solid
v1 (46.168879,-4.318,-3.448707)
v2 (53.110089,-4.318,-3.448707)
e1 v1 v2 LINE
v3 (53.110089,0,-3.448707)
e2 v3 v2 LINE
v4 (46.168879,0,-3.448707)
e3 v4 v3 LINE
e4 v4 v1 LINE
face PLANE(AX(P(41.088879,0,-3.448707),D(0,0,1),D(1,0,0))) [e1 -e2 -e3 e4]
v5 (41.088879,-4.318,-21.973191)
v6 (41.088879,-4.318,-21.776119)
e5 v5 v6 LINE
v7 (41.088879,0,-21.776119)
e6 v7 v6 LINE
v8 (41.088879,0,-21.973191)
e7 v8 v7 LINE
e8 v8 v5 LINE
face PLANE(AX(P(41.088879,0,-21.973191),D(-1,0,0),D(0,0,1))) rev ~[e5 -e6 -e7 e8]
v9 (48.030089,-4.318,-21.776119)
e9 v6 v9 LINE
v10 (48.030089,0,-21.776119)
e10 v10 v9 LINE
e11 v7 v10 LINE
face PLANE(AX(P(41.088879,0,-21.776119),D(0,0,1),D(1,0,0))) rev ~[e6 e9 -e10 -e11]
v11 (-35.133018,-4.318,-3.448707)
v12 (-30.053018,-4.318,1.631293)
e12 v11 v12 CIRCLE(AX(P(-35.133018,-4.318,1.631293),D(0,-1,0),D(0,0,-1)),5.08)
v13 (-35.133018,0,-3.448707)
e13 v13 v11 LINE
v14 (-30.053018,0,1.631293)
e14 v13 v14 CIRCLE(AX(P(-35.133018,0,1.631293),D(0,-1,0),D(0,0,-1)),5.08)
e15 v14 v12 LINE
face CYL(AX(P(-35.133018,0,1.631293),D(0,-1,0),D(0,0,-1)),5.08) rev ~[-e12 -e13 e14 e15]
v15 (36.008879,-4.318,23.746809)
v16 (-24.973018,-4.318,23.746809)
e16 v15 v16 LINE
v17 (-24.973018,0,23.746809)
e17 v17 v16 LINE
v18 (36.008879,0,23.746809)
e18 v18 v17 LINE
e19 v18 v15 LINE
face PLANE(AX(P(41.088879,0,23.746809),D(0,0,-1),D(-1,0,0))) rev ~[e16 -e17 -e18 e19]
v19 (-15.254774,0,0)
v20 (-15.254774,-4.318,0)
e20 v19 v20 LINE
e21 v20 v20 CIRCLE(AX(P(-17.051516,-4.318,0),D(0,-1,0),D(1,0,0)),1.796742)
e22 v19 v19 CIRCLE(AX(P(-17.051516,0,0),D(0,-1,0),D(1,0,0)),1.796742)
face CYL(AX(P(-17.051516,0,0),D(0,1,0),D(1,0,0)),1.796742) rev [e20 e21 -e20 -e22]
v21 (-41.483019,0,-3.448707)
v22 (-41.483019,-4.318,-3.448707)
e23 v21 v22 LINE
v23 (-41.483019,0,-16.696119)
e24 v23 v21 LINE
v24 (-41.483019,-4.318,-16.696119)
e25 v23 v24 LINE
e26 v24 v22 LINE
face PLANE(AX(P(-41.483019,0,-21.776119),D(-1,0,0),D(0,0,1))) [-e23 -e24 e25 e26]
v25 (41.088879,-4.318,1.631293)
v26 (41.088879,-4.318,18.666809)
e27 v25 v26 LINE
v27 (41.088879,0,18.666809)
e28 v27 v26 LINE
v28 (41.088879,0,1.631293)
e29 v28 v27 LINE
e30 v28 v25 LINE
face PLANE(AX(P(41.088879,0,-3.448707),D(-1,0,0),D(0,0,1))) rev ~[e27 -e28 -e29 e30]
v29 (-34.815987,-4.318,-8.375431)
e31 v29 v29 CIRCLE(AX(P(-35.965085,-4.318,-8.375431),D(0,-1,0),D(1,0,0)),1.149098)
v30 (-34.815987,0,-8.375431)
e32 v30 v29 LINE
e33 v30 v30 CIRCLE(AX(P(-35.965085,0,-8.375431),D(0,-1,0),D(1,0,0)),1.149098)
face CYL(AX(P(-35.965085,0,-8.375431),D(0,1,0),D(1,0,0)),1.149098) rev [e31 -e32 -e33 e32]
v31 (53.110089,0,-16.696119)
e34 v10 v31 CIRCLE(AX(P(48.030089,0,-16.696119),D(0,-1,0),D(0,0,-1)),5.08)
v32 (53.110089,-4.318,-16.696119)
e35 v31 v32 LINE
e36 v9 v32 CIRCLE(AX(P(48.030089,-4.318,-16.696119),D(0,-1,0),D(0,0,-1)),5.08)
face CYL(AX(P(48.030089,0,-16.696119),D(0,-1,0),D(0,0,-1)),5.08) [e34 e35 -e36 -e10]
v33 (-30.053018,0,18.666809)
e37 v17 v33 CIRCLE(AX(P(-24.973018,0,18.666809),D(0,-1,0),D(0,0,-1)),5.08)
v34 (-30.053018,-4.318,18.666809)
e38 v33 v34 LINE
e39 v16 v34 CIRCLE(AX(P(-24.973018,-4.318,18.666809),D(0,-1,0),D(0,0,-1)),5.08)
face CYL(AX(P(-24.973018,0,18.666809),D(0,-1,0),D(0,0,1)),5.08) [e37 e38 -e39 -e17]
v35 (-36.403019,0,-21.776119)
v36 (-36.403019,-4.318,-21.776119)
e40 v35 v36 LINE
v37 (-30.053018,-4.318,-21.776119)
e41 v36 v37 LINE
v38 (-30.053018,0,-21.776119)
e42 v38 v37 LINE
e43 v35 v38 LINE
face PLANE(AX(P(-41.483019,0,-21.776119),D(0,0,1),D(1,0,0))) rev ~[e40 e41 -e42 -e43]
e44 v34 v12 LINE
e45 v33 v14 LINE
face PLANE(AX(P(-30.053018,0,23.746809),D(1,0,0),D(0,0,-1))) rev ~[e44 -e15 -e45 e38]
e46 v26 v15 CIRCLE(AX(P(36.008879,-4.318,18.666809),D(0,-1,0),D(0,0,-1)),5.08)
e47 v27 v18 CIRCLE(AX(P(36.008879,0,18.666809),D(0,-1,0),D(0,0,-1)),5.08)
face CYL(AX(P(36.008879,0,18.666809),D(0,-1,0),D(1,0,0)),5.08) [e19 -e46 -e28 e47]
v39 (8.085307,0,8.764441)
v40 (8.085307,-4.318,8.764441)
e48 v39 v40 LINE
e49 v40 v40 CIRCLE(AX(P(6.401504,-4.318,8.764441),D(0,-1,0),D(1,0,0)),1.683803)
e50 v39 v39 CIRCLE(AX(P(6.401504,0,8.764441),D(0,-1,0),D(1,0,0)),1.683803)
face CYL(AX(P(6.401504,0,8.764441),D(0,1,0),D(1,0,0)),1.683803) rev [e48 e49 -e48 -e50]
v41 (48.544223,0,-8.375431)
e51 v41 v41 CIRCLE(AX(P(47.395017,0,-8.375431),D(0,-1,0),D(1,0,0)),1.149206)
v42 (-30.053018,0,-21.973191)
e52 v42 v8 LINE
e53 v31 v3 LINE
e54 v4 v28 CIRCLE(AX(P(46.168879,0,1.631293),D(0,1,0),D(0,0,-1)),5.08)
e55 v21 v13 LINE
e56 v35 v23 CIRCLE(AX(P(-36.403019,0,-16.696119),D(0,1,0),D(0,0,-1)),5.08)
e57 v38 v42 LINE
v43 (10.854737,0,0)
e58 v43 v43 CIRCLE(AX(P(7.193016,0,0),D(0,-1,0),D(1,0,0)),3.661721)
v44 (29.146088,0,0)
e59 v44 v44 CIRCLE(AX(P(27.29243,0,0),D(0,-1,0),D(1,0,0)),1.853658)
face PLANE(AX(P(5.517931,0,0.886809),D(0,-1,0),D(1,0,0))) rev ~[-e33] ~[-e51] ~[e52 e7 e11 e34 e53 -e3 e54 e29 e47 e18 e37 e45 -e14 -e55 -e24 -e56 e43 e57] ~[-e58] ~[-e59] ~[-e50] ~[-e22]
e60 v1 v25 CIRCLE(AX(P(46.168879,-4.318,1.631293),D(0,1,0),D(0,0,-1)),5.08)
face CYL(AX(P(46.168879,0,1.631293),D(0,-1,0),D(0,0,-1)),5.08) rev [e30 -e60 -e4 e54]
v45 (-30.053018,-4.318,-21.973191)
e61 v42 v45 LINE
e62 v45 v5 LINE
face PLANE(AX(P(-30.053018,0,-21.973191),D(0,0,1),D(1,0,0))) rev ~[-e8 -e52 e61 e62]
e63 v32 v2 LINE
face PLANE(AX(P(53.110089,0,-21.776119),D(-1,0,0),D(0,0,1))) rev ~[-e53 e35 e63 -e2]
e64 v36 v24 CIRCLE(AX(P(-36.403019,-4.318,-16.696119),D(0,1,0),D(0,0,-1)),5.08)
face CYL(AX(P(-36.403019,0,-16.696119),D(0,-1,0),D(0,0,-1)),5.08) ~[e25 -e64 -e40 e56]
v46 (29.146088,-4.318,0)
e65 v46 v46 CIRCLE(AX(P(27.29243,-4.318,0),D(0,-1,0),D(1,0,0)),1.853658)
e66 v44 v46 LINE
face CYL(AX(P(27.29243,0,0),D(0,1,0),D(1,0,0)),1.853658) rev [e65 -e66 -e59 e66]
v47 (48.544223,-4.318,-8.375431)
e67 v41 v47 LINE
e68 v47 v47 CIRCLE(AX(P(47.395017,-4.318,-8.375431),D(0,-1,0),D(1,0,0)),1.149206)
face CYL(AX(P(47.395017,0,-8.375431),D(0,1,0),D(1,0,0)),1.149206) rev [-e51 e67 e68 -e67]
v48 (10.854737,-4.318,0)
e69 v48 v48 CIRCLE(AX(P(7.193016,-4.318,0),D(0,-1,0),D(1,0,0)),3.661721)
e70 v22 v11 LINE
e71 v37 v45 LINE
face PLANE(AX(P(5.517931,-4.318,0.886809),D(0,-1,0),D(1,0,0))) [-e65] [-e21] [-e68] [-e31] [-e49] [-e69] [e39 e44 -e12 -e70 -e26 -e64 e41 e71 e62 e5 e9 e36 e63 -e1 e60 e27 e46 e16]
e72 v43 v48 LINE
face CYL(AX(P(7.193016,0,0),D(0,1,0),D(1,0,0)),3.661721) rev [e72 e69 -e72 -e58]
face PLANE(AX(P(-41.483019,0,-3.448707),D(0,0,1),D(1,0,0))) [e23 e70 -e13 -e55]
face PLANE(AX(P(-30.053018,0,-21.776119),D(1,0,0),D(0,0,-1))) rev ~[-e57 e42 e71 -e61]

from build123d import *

# Parameters (mm, degrees)
F0_R     = 1.796742
F0_R_2   = 3.661721
F0_R_3   = 1.853658
F0_R_4   = 1.683803
F0_W     = 11.430001
F0_H     = 18.327412
F0_R_5   = 1.149098
F0_W_2   = 12.02121
F0_R_6   = 1.149206
F1_DEPTH = 4.318
F2_R     = 5.08


with BuildPart() as f1:
    # F0 (on Front) → F1 (new body)
    with BuildSketch(Plane.XZ):
        Polygon((41.088879, 23.746809), (-30.053018, 23.746809), (-30.053018, -3.448707), (-30.053018, -21.776119), (-30.053018, -21.973191), (41.088879, -21.973191), (41.088879, -21.776119), (41.088879, -3.448707), align=None)
        with Locations((-17.051516, 0)):
            Circle(F0_R, mode=Mode.SUBTRACT)
        with Locations((7.193016, 0)):
            Circle(F0_R_2, mode=Mode.SUBTRACT)
        with Locations((27.29243, 0)):
            Circle(F0_R_3, mode=Mode.SUBTRACT)
        with Locations((6.401504, 8.764441)):
            Circle(F0_R_4, mode=Mode.SUBTRACT)
        with Locations((-35.768018, -12.612413)):
            Rectangle(F0_W, F0_H)
        with Locations((-35.965085, -8.375431)):
            Circle(F0_R_5, mode=Mode.SUBTRACT)
        with Locations((47.099484, -12.612413)):
            Rectangle(F0_W_2, F0_H)
        with Locations((47.395017, -8.375431)):
            Circle(F0_R_6, mode=Mode.SUBTRACT)
    extrude(amount=F1_DEPTH)

    # F2
    f2_edges = [f1.edges().sort_by_distance(p)[0] for p in [
        (-30.053018, -2.159, 23.746809),
        (41.088879, -2.159, 23.746809),
        (-30.053018, -2.159, -3.448707),
        (41.088879, -2.159, -3.448707),
        (53.110089, -2.159, -21.776119),
        (-41.483019, -2.159, -21.776119),
    ]]
    fillet(f2_edges, radius=F2_R)


solid = f1.part
